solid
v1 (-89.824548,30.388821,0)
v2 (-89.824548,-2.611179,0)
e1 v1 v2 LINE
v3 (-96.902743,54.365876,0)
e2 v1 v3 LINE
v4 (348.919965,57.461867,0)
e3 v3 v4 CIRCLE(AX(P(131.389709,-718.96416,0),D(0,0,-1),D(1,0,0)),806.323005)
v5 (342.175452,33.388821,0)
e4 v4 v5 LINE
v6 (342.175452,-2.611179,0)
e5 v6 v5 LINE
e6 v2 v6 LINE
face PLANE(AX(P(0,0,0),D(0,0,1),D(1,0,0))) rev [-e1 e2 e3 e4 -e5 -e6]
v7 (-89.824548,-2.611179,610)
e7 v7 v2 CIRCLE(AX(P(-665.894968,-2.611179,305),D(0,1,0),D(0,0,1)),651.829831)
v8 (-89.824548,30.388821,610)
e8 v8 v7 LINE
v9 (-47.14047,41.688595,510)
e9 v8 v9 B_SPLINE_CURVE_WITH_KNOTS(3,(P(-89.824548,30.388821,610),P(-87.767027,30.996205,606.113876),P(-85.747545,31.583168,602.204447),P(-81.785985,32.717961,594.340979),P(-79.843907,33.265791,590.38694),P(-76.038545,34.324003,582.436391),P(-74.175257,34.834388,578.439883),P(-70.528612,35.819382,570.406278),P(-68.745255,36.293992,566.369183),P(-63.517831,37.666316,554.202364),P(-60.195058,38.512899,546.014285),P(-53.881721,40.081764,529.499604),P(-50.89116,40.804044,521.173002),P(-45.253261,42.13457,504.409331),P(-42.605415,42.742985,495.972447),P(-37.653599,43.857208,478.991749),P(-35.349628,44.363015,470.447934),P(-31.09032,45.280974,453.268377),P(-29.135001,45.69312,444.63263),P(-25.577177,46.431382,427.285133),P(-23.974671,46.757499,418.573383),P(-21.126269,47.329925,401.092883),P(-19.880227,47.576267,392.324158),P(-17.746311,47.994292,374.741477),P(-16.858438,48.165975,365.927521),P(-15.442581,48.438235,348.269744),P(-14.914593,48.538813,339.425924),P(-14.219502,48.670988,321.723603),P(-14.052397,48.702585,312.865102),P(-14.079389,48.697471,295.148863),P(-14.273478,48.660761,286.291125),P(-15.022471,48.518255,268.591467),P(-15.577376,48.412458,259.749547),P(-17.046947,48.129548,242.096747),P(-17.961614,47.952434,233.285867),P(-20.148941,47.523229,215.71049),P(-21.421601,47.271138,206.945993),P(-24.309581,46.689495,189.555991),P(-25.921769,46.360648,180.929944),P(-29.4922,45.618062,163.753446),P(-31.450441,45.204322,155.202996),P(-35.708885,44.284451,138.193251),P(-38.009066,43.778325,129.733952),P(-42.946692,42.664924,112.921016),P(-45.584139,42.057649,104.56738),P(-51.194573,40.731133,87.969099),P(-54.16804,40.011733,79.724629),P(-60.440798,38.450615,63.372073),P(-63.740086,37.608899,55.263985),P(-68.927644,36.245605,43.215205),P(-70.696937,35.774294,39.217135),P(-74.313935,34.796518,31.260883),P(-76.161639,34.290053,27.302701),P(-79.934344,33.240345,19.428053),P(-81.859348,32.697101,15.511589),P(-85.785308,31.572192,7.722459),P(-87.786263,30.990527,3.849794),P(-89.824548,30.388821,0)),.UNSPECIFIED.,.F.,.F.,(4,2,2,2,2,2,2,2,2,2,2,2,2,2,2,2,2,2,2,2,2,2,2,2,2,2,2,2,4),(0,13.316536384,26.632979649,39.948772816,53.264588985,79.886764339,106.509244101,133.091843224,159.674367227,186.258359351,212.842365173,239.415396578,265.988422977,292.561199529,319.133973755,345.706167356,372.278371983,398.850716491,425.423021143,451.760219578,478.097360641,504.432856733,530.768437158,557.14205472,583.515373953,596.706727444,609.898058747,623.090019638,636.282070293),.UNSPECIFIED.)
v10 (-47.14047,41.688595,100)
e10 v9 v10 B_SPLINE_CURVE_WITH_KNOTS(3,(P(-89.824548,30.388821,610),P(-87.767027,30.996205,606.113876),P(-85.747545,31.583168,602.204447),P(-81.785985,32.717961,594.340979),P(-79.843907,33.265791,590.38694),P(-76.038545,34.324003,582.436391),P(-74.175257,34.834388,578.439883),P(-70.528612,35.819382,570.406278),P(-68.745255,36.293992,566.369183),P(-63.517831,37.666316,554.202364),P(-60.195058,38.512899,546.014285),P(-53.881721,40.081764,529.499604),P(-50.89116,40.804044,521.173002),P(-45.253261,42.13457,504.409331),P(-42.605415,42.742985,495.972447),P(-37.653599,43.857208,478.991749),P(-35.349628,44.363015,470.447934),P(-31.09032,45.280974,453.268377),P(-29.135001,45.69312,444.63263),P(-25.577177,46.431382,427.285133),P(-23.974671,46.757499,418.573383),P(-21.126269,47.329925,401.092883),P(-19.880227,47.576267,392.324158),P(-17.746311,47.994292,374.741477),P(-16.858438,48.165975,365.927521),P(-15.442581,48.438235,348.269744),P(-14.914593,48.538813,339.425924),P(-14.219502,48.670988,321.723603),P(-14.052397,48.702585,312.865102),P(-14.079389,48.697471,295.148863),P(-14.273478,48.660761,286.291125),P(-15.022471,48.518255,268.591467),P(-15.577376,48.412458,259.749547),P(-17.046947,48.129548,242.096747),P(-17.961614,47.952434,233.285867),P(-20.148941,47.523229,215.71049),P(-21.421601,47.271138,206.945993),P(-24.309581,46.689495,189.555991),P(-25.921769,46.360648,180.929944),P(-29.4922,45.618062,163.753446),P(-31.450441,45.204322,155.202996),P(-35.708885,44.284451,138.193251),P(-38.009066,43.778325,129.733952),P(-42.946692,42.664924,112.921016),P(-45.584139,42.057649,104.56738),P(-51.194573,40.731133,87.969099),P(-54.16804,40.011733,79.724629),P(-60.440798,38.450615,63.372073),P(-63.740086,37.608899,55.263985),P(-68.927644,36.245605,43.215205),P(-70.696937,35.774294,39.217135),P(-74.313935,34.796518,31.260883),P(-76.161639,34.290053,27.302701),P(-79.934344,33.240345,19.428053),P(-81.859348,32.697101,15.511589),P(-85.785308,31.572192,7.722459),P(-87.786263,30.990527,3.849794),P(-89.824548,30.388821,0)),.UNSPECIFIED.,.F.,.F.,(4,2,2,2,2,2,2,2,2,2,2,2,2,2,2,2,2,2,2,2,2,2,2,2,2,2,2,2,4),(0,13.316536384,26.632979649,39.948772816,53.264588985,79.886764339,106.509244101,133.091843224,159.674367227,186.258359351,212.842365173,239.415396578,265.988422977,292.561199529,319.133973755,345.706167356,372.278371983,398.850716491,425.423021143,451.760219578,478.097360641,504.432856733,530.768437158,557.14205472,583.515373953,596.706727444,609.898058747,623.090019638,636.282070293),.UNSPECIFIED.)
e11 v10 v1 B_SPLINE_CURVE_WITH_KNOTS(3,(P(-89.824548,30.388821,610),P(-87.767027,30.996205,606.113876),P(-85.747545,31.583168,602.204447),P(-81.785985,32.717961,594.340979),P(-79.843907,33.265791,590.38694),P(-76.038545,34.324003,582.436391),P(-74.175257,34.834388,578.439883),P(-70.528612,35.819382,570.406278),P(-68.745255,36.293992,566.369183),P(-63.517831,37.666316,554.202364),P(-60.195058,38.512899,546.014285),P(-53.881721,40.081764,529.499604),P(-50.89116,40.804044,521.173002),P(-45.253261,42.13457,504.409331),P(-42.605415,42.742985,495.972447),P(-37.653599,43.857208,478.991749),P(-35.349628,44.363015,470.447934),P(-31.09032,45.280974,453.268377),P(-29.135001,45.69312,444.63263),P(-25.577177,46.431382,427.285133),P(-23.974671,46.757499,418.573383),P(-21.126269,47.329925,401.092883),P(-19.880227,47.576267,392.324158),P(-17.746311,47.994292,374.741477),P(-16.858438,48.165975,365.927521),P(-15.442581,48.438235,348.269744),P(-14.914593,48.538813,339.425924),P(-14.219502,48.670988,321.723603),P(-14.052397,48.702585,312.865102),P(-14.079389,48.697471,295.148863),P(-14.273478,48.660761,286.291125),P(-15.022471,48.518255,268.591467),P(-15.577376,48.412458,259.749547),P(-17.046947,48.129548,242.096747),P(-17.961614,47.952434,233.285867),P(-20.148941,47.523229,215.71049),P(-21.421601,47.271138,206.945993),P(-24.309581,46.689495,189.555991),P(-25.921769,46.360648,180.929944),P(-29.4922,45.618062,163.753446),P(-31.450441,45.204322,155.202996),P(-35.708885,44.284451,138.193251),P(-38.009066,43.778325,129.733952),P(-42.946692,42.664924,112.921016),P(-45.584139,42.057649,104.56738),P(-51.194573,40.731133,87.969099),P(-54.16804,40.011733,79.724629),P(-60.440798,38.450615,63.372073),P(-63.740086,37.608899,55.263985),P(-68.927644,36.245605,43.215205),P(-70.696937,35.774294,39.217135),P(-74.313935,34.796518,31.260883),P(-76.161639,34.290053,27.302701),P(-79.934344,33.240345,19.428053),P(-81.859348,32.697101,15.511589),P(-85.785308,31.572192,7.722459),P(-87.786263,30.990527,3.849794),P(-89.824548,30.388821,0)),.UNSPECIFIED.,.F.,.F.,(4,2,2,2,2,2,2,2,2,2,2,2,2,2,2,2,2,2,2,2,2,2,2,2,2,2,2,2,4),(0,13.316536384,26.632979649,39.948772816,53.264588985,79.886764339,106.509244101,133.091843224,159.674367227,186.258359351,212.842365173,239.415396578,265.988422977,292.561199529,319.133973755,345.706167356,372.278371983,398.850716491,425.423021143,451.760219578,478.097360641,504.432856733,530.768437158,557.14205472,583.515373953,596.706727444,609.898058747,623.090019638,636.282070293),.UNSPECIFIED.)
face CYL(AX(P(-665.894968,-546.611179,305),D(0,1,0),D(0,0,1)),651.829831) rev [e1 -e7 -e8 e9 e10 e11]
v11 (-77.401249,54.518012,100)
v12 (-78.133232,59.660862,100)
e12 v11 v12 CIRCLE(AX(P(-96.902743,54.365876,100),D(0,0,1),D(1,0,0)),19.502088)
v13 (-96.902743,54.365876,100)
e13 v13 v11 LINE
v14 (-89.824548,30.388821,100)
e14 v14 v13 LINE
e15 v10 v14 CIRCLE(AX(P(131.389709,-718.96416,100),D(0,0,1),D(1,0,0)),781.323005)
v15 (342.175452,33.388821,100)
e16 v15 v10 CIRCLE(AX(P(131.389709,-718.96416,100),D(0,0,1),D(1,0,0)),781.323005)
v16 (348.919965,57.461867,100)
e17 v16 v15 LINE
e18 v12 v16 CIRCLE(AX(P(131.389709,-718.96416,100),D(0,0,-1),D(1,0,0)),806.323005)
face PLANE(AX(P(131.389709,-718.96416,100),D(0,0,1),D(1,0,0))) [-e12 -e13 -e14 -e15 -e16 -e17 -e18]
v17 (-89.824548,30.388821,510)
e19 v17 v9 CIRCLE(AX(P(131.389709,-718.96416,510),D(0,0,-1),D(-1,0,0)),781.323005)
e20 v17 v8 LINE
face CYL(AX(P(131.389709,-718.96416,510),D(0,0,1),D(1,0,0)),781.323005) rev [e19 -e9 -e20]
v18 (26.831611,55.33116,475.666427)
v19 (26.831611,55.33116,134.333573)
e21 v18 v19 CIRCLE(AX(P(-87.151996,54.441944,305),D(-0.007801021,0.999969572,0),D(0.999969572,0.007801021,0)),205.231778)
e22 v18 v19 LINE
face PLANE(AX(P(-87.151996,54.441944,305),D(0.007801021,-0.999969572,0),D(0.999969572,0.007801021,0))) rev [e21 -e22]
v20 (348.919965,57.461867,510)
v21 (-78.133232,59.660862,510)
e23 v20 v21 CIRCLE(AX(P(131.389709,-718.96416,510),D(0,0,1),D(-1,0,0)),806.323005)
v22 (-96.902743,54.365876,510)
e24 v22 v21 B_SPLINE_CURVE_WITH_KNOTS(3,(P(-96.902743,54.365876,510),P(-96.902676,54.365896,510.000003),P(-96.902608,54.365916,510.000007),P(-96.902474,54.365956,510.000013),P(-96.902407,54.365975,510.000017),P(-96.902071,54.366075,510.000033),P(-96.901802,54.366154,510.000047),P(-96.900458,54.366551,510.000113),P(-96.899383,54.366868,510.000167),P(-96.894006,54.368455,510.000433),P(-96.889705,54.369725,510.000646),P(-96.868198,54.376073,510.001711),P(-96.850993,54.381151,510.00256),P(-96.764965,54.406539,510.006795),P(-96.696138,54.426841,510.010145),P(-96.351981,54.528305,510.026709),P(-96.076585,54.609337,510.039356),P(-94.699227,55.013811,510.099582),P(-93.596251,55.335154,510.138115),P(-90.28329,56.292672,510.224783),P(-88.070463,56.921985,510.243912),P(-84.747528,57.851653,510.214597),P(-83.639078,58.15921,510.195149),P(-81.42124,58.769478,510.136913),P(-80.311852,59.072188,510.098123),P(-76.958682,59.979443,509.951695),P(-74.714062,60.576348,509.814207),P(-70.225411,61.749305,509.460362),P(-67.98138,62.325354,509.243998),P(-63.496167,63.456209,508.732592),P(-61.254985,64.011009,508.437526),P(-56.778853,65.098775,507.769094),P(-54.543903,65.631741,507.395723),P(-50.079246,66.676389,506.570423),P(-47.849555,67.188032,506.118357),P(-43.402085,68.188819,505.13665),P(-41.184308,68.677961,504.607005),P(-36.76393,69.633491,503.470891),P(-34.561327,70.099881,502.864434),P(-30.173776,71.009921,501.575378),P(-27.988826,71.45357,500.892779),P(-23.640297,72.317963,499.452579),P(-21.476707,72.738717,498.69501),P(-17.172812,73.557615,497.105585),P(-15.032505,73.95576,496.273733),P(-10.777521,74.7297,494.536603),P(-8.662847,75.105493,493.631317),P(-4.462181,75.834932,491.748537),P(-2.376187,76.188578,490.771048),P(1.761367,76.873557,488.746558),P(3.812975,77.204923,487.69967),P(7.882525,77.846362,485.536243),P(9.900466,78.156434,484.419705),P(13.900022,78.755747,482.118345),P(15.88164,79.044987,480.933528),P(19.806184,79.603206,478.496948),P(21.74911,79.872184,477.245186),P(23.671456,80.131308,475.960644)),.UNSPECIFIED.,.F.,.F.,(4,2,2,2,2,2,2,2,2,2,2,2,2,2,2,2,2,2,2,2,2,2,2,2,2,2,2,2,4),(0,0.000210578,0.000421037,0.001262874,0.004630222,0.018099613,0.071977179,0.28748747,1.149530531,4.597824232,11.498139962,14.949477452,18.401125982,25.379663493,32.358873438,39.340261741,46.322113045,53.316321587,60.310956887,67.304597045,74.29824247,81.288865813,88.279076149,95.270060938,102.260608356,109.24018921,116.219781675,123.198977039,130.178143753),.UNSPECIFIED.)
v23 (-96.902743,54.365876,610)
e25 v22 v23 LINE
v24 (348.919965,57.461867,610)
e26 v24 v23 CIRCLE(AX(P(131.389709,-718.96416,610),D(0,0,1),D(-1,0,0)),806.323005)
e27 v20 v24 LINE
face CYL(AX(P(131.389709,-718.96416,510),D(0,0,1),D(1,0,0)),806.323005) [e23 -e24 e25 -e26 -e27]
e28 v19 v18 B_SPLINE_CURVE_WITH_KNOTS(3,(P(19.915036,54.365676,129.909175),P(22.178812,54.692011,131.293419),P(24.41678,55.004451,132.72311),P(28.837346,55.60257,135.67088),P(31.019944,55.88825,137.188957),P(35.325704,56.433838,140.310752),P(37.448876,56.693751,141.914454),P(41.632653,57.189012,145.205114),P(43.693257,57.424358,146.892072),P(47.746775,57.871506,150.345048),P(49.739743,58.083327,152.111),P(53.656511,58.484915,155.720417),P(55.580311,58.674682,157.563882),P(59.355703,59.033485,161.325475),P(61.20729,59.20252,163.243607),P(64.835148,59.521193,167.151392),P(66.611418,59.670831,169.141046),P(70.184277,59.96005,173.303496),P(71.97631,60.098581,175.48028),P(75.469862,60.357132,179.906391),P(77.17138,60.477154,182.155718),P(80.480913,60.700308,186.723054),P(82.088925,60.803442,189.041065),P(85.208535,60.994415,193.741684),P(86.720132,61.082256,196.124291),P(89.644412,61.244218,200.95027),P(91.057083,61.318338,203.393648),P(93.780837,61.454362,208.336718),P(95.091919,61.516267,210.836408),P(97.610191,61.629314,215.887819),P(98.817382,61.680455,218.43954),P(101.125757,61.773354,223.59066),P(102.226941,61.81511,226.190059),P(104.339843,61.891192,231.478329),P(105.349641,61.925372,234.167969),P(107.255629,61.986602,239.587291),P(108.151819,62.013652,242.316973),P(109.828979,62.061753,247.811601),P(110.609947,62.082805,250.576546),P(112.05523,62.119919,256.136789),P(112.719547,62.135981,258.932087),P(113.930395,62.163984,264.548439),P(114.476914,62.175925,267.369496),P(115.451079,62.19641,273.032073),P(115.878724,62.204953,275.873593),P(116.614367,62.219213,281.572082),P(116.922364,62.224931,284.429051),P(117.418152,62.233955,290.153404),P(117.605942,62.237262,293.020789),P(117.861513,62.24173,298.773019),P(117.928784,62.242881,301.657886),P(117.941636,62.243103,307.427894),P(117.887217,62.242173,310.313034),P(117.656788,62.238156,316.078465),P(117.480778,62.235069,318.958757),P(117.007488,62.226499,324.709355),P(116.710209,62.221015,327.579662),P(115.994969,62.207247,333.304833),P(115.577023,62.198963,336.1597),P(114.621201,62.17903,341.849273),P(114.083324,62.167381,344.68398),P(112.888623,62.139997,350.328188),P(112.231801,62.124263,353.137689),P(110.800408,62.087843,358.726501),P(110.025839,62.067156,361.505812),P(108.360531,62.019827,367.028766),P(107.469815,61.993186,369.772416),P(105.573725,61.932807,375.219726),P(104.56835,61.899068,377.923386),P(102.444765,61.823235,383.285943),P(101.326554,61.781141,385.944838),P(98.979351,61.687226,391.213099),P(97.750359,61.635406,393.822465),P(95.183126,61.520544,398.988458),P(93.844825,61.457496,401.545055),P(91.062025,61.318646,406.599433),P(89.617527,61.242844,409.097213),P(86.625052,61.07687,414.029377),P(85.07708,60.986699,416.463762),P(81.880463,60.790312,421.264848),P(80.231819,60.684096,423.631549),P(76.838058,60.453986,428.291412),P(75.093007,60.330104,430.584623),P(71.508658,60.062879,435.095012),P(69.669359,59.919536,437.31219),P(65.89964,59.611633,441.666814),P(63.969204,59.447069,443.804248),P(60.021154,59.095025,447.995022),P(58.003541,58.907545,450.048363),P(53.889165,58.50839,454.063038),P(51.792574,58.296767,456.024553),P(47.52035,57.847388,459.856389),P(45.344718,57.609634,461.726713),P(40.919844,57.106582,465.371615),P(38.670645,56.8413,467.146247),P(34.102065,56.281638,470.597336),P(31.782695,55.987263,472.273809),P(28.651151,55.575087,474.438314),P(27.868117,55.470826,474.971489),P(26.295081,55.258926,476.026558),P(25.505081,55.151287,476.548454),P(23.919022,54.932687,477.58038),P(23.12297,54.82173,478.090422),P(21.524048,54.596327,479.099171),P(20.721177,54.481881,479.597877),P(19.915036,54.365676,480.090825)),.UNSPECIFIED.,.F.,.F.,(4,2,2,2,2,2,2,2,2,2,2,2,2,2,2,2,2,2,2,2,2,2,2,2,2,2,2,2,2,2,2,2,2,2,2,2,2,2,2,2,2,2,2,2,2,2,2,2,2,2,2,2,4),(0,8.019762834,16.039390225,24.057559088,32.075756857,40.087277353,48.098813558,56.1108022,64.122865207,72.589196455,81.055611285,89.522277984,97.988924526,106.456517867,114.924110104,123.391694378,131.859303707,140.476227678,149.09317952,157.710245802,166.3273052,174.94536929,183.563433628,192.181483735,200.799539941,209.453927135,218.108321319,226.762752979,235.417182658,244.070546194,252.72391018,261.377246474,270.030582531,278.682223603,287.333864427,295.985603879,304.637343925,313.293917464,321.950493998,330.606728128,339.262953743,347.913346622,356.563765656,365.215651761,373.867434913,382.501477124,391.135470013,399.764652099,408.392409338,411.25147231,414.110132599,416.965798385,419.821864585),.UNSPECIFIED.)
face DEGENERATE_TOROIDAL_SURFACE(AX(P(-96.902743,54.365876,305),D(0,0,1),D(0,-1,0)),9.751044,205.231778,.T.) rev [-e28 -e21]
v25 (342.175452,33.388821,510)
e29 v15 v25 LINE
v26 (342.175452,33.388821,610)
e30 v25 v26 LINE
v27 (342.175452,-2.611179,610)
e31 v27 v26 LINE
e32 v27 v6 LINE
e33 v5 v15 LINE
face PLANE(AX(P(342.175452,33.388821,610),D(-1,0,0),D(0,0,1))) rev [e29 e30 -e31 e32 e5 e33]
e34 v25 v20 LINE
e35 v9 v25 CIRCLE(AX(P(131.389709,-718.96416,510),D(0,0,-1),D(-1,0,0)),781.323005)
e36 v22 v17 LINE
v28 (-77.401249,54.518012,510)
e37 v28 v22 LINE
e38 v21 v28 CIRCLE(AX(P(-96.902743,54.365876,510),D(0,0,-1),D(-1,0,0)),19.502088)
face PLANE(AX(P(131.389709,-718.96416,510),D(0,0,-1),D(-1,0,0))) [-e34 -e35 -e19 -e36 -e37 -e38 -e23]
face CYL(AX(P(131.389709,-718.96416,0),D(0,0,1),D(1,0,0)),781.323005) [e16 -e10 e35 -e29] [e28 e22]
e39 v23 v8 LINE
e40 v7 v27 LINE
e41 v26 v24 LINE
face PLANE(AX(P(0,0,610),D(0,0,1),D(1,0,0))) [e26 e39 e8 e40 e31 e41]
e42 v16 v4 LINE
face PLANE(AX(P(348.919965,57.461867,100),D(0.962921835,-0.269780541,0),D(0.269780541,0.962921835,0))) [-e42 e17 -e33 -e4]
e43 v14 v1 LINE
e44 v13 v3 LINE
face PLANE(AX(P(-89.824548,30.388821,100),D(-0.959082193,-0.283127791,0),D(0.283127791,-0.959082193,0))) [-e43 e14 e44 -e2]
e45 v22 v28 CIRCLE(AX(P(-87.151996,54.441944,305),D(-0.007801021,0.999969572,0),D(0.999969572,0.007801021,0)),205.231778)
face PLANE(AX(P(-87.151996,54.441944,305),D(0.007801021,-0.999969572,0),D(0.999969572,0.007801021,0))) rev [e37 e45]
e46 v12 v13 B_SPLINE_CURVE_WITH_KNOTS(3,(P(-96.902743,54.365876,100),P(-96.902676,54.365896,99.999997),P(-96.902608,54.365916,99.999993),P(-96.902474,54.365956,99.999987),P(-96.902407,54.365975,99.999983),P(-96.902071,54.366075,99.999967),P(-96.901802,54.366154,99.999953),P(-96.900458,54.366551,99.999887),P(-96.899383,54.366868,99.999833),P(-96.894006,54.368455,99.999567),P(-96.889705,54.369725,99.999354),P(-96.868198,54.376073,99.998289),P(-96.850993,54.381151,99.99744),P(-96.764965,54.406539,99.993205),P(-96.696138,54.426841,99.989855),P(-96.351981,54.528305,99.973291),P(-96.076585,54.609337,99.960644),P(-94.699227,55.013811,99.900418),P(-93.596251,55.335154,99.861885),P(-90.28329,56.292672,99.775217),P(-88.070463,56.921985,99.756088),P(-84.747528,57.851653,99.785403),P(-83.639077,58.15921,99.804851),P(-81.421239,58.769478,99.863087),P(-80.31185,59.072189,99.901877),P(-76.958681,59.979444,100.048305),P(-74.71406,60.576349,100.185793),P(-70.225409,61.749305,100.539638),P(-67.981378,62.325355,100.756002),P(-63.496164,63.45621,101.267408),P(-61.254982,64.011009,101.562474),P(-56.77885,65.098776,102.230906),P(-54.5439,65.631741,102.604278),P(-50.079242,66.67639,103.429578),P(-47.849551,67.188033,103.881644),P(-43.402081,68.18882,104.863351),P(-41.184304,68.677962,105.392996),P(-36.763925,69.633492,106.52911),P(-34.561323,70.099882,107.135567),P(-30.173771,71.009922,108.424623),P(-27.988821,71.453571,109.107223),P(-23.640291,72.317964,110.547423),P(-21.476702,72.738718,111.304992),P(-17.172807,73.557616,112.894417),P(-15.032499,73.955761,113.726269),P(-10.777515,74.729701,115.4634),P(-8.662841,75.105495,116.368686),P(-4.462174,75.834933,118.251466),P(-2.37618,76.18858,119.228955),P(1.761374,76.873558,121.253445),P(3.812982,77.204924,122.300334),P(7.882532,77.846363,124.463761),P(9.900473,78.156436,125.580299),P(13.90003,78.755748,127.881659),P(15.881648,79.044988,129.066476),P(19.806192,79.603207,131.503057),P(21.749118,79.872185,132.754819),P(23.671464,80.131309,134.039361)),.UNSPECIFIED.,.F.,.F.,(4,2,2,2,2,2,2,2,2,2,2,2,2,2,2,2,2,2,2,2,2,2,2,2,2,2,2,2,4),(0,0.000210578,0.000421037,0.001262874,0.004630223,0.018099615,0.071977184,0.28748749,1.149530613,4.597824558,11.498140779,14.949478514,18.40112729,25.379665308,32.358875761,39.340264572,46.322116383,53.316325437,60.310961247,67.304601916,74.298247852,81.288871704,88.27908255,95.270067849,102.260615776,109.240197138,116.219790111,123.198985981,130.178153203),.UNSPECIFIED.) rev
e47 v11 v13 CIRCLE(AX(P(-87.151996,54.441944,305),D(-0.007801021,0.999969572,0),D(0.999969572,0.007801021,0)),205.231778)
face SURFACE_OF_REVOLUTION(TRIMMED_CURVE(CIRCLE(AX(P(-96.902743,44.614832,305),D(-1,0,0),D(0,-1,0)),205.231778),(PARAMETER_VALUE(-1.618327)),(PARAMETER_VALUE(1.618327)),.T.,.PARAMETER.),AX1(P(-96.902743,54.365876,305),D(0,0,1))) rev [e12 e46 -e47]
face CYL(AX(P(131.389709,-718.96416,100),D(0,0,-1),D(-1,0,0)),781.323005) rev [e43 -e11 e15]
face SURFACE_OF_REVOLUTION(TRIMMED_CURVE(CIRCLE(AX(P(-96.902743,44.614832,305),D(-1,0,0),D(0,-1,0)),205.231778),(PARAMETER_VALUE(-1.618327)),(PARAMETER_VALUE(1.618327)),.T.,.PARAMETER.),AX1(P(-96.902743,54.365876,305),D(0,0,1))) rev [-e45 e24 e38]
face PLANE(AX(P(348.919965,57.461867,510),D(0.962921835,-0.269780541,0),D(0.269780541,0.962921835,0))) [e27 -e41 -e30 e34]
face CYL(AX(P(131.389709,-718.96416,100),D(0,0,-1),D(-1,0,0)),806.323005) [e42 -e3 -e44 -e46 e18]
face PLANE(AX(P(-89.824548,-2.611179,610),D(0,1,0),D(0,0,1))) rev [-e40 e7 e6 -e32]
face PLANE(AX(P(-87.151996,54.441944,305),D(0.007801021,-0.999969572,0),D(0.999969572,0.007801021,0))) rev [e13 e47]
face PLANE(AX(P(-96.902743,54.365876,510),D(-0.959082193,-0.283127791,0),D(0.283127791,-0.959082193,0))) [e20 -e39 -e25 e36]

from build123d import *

# Parameters (mm, degrees)
BOSS_EXTRUDE1_DEPTH = 610
CUT_EXTRUDE1_DEPTH  = 610
CUT_EXTRUDE2_DEPTH  = 703.283548499
BOSS_EXTRUDE2_DEPTH = 100
BOSS_EXTRUDE3_START = -100
BOSS_EXTRUDE3_DEPTH = 100
CUT_REVOLVE3_ANGLE  = 106


with BuildPart() as part:
    # Sketch1 → Boss-Extrude1 (new body)
    with BuildSketch(Plane.XY):
        Polygon((-89.824548177, 33.388821274), (-89.824548177, -2.611178726), (342.175451823, -2.611178726), (342.175451823, 33.388821274), (342.175451823, 63.388821274), (-89.824548177, 63.388821274), align=None)
    extrude(amount=BOSS_EXTRUDE1_DEPTH)

    # Sketch2 → Cut-Extrude1 (cut)
    with BuildSketch(Plane(origin=(0, 63.388821274, 0), x_dir=(1, 0, 0), z_dir=(0, 1, 0))):
        with BuildLine():
            Line((-89.824548177, 0), (-89.824548177, -610))
            ThreePointArc((-89.824548177, -610), (-14.065137005, -305), (-89.824548177, 0))
        make_face()
    extrude(amount=-CUT_EXTRUDE1_DEPTH, mode=Mode.SUBTRACT)

    # Sketch3 → Cut-Extrude2 (cut, through all)
    with BuildSketch(Plane.XY.offset(610)):
        with BuildLine():
            Line((-89.824548177, 30.388821274), (-89.824548177, 63.388821274))
            Line((-89.824548177, 63.388821274), (342.175451823, 63.388821274))
            Line((342.175451823, 63.388821274), (342.175451823, 33.388821274))
            ThreePointArc((342.175451823, 33.388821274), (125.963985264, 62.340005792), (-89.824548177, 30.388821274))
        make_face()
    extrude(amount=-CUT_EXTRUDE2_DEPTH, mode=Mode.SUBTRACT)

    # Sketch4 → Boss-Extrude2 (add)
    with BuildSketch(Plane.XY.offset(610)):
        with BuildLine():
            Line((-96.902742964, 54.365876109), (-89.824548177, 30.388821274))
            ThreePointArc((-89.824548177, 30.388821274), (125.963985264, 62.340005792), (342.175451823, 33.388821274))
            Line((342.175451823, 33.388821274), (348.919965355, 57.461867139))
            ThreePointArc((348.919965355, 57.461867139), (125.790378339, 87.339402998), (-96.902742964, 54.365876109))
        make_face()
    extrude(amount=-BOSS_EXTRUDE2_DEPTH)

    # Sketch5 → Boss-Extrude3 (add)
    with BuildSketch(Plane(origin=(0, 0, 0), x_dir=(-1, 0, 0), z_dir=(0, 0, -1)).offset(BOSS_EXTRUDE3_START)):
        with BuildLine():
            Line((-348.919965355, 57.461867139), (-342.175451823, 33.388821274))
            ThreePointArc((-342.175451823, 33.388821274), (-125.963985264, 62.340005792), (89.824548177, 30.388821274))
            Line((89.824548177, 30.388821274), (96.902742964, 54.365876109))
            ThreePointArc((96.902742964, 54.365876109), (-125.790378339, 87.339402998), (-348.919965355, 57.461867139))
        make_face()
    extrude(amount=BOSS_EXTRUDE3_DEPTH)

    # Sketch6 → Cut-Revolve3 (revolve, cut)
    with BuildSketch(Plane(origin=(-74.37222514, -21.955202584, 0), x_dir=(0, 0, 1), z_dir=(-0.9590821933998281, -0.2831277914712271, 0))):
        with BuildLine():
            Line((100, 79.577203308), (510, 79.577203308))
            ThreePointArc((510, 79.577203308), (305, 294.560025587), (100, 79.577203308))
        make_face()
    revolve(axis=Axis((-96.902742964, 54.365876109, 100), (0, 0, -1)), revolution_arc=CUT_REVOLVE3_ANGLE, mode=Mode.SUBTRACT)


solid = part.part
